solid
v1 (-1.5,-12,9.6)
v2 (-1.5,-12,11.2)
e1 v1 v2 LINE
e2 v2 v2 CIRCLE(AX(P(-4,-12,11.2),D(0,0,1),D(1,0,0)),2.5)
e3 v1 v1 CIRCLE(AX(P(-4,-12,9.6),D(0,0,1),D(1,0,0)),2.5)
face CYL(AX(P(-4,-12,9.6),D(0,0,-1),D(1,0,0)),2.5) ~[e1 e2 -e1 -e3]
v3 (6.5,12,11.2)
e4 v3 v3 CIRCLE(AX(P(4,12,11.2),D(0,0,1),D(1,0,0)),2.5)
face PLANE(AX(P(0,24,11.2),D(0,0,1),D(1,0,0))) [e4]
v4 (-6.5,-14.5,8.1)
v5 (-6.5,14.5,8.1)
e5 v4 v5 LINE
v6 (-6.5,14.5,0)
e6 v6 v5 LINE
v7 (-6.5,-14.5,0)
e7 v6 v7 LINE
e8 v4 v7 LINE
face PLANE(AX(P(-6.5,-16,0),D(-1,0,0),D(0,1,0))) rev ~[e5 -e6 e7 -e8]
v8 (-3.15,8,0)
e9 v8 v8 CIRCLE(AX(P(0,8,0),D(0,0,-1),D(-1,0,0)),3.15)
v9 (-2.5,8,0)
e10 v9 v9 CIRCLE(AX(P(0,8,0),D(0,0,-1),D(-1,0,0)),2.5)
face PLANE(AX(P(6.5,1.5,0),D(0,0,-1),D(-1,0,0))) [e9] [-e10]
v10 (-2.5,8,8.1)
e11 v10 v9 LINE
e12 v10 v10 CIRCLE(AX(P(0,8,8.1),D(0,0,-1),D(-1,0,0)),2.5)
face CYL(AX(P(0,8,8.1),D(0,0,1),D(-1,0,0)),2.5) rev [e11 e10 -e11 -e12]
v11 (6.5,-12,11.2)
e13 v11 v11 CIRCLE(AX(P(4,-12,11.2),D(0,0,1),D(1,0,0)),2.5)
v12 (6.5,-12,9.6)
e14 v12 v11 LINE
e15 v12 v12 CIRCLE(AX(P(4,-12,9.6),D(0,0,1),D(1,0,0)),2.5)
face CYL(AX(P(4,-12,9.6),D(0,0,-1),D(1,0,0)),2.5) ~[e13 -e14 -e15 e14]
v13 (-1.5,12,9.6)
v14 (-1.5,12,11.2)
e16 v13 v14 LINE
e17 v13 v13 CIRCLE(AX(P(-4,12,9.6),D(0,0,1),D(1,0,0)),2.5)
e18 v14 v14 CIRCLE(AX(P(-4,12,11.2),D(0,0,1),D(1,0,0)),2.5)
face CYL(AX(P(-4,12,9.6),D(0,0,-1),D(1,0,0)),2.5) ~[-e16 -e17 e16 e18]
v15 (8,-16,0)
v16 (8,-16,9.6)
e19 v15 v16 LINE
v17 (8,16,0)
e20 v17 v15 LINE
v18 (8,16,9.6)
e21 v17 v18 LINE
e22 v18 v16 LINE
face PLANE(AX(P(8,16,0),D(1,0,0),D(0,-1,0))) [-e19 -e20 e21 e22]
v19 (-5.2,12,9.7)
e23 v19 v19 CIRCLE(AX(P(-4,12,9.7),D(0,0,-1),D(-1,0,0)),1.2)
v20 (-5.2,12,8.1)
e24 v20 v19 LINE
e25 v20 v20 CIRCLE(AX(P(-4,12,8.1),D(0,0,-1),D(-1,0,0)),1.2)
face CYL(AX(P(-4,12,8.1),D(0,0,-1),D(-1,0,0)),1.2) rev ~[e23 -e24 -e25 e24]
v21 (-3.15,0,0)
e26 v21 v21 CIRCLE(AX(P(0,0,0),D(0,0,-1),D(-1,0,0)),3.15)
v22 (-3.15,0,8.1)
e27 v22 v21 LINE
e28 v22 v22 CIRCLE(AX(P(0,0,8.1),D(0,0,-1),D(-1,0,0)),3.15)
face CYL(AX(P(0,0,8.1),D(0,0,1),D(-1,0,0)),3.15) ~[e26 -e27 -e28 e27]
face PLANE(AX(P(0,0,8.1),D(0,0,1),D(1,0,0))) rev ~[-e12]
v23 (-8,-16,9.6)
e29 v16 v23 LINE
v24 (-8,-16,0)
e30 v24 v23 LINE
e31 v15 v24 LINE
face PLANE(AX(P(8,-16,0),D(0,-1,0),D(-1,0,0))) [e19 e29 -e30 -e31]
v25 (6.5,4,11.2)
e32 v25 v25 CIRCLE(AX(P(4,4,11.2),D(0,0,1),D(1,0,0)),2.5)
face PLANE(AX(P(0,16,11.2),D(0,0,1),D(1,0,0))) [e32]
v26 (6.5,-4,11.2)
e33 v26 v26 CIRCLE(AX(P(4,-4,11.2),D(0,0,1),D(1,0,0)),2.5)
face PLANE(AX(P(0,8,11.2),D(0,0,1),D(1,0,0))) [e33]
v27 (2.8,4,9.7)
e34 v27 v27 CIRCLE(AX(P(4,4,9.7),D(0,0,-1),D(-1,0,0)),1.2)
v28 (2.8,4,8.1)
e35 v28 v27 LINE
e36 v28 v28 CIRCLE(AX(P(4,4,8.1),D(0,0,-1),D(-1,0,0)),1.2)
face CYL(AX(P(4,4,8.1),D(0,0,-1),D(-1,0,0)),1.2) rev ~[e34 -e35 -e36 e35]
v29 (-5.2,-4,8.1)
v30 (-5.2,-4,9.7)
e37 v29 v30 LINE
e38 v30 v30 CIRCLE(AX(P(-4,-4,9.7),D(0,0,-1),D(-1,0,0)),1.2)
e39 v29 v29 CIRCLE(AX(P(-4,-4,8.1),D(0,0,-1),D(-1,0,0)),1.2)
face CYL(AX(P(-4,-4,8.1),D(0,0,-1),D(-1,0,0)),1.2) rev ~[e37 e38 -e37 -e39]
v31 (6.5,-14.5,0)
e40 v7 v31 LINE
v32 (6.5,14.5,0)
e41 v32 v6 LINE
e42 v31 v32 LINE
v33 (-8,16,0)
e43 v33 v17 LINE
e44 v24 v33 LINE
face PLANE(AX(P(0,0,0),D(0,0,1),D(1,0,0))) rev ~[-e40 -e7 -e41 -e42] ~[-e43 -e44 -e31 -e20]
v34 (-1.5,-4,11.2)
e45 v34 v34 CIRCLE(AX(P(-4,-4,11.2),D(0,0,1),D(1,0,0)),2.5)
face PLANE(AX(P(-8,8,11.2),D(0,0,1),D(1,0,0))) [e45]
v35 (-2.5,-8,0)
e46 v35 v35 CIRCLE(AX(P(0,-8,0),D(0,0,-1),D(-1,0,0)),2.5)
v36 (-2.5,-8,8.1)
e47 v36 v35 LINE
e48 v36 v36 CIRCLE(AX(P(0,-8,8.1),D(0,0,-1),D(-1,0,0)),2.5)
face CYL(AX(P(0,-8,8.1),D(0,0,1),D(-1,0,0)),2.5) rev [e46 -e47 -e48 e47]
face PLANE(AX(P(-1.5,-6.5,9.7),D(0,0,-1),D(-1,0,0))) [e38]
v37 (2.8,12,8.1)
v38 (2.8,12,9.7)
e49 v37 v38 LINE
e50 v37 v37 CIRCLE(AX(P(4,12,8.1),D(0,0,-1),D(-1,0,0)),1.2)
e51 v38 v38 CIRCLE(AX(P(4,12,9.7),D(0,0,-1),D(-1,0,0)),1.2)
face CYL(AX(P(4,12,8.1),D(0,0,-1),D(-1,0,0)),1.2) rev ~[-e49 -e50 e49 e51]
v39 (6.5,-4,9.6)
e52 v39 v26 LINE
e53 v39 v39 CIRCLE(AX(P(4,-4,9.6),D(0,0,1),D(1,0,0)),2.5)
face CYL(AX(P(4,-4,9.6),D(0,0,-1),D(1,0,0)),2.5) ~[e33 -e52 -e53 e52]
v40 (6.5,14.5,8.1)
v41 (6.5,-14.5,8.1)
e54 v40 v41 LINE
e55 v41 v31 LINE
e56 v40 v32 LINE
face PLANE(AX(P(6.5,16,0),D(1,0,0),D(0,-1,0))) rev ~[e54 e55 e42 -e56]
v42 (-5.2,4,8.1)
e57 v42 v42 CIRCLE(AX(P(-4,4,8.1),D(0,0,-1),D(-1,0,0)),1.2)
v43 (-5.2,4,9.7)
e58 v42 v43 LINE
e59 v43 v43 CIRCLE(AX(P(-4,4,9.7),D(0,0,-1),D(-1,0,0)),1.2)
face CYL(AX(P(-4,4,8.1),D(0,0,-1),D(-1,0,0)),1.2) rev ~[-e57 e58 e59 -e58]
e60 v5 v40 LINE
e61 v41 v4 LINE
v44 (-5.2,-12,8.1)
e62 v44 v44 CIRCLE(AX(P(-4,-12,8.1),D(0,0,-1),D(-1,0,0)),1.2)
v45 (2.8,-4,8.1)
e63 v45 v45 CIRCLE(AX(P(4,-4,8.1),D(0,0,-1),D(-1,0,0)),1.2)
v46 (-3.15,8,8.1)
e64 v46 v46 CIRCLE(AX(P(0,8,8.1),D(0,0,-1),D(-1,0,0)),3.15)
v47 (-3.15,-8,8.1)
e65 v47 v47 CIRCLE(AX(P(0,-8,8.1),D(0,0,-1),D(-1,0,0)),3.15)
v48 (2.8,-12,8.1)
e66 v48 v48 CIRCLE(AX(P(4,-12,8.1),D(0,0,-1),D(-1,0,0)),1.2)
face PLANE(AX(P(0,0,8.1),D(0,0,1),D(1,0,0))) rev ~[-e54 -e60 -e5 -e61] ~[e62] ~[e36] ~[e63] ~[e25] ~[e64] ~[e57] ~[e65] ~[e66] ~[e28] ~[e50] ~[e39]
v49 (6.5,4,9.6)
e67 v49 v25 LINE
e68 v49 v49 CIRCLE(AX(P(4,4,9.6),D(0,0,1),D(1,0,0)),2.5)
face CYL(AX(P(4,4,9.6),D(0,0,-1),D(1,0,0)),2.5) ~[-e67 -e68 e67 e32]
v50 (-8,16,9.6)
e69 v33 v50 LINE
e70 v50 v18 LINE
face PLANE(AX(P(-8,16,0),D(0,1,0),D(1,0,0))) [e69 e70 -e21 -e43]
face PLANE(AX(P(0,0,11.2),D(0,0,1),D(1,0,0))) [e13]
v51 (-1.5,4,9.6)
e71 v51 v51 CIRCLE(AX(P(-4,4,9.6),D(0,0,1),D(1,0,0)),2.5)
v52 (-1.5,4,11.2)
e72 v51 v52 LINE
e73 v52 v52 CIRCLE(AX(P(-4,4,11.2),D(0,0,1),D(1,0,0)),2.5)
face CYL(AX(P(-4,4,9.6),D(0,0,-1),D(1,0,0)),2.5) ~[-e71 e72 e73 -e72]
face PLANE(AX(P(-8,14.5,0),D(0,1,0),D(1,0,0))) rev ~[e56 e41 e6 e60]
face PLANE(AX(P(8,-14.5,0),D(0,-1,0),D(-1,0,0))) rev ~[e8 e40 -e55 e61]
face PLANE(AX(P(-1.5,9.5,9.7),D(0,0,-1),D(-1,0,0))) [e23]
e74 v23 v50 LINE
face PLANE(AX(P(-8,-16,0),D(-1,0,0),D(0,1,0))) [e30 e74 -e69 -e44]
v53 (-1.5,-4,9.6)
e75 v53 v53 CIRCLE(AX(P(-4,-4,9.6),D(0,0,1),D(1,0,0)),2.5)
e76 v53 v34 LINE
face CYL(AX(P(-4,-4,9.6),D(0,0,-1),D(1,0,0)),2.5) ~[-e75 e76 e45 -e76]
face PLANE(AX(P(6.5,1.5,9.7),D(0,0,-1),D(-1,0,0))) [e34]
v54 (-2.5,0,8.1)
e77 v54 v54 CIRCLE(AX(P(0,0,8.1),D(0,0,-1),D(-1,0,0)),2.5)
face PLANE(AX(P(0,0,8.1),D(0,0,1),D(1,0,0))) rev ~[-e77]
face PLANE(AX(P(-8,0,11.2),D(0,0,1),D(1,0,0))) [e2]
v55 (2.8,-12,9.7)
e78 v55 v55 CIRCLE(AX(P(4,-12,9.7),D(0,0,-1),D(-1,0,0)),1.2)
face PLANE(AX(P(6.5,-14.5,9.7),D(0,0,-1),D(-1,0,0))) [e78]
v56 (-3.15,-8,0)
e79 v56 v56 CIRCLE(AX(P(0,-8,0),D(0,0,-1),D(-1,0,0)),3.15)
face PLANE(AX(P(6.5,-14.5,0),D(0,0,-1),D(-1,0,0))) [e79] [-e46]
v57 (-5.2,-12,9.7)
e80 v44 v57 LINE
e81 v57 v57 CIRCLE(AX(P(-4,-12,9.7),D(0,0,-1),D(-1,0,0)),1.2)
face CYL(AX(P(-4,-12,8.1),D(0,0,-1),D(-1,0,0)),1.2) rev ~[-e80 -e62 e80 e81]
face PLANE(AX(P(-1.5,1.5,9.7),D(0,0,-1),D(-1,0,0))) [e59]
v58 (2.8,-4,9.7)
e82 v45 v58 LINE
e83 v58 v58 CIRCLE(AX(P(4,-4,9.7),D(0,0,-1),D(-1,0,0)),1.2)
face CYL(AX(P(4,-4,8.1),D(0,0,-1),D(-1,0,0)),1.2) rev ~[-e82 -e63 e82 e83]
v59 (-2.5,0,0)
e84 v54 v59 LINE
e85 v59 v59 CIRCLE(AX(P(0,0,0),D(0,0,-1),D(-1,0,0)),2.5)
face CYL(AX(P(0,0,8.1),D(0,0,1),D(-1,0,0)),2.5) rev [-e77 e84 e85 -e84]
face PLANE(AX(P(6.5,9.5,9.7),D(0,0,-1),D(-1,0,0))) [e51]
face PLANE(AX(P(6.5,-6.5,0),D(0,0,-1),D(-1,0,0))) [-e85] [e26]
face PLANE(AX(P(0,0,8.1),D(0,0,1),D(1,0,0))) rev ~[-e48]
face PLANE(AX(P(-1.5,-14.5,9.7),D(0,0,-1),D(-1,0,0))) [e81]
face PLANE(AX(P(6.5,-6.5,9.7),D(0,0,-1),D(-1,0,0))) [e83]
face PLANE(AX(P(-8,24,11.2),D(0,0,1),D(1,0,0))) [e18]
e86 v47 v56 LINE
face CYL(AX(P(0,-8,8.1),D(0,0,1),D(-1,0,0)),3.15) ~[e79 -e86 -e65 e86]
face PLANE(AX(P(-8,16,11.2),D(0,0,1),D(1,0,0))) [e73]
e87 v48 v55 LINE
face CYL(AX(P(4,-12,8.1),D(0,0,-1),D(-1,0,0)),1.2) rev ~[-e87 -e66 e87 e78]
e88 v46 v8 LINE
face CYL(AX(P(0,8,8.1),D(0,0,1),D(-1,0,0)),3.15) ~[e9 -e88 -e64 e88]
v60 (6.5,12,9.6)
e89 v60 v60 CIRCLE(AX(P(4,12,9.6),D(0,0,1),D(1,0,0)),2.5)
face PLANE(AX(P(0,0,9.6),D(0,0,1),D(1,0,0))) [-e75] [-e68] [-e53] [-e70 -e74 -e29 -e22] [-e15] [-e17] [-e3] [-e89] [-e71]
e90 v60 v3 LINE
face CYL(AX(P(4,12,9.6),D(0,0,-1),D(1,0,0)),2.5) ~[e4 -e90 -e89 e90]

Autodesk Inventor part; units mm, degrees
ref_plane "YZ Plane" through (0, 0, 0) normal (1, 0, 0) x (0, 1, 0)
ref_plane "XZ Plane" through (0, 0, 0) normal (0, 1, 0) x (-1, 0, 0)
ref_plane "XY Plane" through (0, 0, 0) normal (0, 0, 1) x (1, 0, 0)
sketch "Sketch1" plane through (0, 0, 0) normal (0, 0, 1) x (1, 0, 0)
  line L0 (-8, 16) -> (8, 16)
  line L1 (8, 16) -> (8, -16)
  line L2 (8, -16) -> (-8, -16)
  line L3 (-8, -16) -> (-8, 16)
  point P0 (0, 0)
  dimension "d0" = 16
  dimension "d1" = 32
  dimension "d2" = 8
  dimension "d3" = 16
extrude "Extrusion1" add sketch "Sketch1" along normal blind 9.6
shell "Shell1" thickness 1.5 removed faces 1 at (-2.6667, -5.3333, 0)
sketch "Sketch2" plane through (0, 0, 9.6) normal (0, 0, 1) x (1, 0, 0)
  circle A0 centre (4, -12) radius 2.5
  line L0 (8, 16) -> (8, -16) projected
  line L1 (8, -16) -> (-8, -16) projected
  dimension "d7" = 5
  dimension "d10" = 4
  dimension "d11" = 4
extrude "Extrusion2" add sketch "Sketch2" along normal blind 1.6
sketch "Sketch3" plane through (6.5, -14.5, 8.1) normal (0, 0, -1) x (-1, 0, 0)
  circle A0 centre (2.5, 2.5) radius 2.5 projected
  circle A1 centre (2.5, 2.5) radius 1.2
  point P0 (6.5, 14.5)
  dimension "d18" = 2.4
extrude "Extrusion3" cut sketch "Sketch3" against normal blind 1.6 contours A1
pattern_linear "Rectangular Pattern1" count 4 spacing 8 along (0, 1, 0) count 2 spacing 8 along (-1, 0, 0) of "Extrusion2", "Extrusion3"
sketch "Sketch4" plane through (6.5, -14.5, 8.1) normal (0, 0, -1) x (-1, 0, 0)
  circle A0 centre (2.5, 10.5) radius 1.2 projected
  circle A1 centre (2.5, 2.5) radius 1.2 projected
  line L0 (0, 29) -> (0, 0) projected
  line L1 (0, 0) -> (13, 0) projected
  circle A2 centre (6.5, 6.5) radius 3.15
  circle A3 centre (6.5, 6.5) radius 2.5
  point P0 (6.5, 14.5)
  dimension "d21" = 6.5
  dimension "d22" = 6.5
  dimension "d23" = 10.5
  dimension "d24" = 2.5
  dimension "d25" = 5
  dimension "d26" = 6.3
extrude "Extrusion4" add sketch "Sketch4" along normal up to surface (8.1 mm away) contours A2
pattern_linear "Rectangular Pattern2" count 3 spacing 8 along (0, 1, 0) of "Extrusion4"
equation "\"d0\" = 8 * WIDTH"
equation "\"d1\" = 8 * LENGTH"
equation "\"d2\" = 0.5 * d0"
equation "\"d3\" = 0.5 * d1"
equation "\"d21\" = 0.5 * d23 + 0.5 * d24"
equation "\"d22\" = d21"
equation "\"WIDTH\" = 2"
equation "\"LENGTH\" = 4"
properties part number "3001" material "Steel"
